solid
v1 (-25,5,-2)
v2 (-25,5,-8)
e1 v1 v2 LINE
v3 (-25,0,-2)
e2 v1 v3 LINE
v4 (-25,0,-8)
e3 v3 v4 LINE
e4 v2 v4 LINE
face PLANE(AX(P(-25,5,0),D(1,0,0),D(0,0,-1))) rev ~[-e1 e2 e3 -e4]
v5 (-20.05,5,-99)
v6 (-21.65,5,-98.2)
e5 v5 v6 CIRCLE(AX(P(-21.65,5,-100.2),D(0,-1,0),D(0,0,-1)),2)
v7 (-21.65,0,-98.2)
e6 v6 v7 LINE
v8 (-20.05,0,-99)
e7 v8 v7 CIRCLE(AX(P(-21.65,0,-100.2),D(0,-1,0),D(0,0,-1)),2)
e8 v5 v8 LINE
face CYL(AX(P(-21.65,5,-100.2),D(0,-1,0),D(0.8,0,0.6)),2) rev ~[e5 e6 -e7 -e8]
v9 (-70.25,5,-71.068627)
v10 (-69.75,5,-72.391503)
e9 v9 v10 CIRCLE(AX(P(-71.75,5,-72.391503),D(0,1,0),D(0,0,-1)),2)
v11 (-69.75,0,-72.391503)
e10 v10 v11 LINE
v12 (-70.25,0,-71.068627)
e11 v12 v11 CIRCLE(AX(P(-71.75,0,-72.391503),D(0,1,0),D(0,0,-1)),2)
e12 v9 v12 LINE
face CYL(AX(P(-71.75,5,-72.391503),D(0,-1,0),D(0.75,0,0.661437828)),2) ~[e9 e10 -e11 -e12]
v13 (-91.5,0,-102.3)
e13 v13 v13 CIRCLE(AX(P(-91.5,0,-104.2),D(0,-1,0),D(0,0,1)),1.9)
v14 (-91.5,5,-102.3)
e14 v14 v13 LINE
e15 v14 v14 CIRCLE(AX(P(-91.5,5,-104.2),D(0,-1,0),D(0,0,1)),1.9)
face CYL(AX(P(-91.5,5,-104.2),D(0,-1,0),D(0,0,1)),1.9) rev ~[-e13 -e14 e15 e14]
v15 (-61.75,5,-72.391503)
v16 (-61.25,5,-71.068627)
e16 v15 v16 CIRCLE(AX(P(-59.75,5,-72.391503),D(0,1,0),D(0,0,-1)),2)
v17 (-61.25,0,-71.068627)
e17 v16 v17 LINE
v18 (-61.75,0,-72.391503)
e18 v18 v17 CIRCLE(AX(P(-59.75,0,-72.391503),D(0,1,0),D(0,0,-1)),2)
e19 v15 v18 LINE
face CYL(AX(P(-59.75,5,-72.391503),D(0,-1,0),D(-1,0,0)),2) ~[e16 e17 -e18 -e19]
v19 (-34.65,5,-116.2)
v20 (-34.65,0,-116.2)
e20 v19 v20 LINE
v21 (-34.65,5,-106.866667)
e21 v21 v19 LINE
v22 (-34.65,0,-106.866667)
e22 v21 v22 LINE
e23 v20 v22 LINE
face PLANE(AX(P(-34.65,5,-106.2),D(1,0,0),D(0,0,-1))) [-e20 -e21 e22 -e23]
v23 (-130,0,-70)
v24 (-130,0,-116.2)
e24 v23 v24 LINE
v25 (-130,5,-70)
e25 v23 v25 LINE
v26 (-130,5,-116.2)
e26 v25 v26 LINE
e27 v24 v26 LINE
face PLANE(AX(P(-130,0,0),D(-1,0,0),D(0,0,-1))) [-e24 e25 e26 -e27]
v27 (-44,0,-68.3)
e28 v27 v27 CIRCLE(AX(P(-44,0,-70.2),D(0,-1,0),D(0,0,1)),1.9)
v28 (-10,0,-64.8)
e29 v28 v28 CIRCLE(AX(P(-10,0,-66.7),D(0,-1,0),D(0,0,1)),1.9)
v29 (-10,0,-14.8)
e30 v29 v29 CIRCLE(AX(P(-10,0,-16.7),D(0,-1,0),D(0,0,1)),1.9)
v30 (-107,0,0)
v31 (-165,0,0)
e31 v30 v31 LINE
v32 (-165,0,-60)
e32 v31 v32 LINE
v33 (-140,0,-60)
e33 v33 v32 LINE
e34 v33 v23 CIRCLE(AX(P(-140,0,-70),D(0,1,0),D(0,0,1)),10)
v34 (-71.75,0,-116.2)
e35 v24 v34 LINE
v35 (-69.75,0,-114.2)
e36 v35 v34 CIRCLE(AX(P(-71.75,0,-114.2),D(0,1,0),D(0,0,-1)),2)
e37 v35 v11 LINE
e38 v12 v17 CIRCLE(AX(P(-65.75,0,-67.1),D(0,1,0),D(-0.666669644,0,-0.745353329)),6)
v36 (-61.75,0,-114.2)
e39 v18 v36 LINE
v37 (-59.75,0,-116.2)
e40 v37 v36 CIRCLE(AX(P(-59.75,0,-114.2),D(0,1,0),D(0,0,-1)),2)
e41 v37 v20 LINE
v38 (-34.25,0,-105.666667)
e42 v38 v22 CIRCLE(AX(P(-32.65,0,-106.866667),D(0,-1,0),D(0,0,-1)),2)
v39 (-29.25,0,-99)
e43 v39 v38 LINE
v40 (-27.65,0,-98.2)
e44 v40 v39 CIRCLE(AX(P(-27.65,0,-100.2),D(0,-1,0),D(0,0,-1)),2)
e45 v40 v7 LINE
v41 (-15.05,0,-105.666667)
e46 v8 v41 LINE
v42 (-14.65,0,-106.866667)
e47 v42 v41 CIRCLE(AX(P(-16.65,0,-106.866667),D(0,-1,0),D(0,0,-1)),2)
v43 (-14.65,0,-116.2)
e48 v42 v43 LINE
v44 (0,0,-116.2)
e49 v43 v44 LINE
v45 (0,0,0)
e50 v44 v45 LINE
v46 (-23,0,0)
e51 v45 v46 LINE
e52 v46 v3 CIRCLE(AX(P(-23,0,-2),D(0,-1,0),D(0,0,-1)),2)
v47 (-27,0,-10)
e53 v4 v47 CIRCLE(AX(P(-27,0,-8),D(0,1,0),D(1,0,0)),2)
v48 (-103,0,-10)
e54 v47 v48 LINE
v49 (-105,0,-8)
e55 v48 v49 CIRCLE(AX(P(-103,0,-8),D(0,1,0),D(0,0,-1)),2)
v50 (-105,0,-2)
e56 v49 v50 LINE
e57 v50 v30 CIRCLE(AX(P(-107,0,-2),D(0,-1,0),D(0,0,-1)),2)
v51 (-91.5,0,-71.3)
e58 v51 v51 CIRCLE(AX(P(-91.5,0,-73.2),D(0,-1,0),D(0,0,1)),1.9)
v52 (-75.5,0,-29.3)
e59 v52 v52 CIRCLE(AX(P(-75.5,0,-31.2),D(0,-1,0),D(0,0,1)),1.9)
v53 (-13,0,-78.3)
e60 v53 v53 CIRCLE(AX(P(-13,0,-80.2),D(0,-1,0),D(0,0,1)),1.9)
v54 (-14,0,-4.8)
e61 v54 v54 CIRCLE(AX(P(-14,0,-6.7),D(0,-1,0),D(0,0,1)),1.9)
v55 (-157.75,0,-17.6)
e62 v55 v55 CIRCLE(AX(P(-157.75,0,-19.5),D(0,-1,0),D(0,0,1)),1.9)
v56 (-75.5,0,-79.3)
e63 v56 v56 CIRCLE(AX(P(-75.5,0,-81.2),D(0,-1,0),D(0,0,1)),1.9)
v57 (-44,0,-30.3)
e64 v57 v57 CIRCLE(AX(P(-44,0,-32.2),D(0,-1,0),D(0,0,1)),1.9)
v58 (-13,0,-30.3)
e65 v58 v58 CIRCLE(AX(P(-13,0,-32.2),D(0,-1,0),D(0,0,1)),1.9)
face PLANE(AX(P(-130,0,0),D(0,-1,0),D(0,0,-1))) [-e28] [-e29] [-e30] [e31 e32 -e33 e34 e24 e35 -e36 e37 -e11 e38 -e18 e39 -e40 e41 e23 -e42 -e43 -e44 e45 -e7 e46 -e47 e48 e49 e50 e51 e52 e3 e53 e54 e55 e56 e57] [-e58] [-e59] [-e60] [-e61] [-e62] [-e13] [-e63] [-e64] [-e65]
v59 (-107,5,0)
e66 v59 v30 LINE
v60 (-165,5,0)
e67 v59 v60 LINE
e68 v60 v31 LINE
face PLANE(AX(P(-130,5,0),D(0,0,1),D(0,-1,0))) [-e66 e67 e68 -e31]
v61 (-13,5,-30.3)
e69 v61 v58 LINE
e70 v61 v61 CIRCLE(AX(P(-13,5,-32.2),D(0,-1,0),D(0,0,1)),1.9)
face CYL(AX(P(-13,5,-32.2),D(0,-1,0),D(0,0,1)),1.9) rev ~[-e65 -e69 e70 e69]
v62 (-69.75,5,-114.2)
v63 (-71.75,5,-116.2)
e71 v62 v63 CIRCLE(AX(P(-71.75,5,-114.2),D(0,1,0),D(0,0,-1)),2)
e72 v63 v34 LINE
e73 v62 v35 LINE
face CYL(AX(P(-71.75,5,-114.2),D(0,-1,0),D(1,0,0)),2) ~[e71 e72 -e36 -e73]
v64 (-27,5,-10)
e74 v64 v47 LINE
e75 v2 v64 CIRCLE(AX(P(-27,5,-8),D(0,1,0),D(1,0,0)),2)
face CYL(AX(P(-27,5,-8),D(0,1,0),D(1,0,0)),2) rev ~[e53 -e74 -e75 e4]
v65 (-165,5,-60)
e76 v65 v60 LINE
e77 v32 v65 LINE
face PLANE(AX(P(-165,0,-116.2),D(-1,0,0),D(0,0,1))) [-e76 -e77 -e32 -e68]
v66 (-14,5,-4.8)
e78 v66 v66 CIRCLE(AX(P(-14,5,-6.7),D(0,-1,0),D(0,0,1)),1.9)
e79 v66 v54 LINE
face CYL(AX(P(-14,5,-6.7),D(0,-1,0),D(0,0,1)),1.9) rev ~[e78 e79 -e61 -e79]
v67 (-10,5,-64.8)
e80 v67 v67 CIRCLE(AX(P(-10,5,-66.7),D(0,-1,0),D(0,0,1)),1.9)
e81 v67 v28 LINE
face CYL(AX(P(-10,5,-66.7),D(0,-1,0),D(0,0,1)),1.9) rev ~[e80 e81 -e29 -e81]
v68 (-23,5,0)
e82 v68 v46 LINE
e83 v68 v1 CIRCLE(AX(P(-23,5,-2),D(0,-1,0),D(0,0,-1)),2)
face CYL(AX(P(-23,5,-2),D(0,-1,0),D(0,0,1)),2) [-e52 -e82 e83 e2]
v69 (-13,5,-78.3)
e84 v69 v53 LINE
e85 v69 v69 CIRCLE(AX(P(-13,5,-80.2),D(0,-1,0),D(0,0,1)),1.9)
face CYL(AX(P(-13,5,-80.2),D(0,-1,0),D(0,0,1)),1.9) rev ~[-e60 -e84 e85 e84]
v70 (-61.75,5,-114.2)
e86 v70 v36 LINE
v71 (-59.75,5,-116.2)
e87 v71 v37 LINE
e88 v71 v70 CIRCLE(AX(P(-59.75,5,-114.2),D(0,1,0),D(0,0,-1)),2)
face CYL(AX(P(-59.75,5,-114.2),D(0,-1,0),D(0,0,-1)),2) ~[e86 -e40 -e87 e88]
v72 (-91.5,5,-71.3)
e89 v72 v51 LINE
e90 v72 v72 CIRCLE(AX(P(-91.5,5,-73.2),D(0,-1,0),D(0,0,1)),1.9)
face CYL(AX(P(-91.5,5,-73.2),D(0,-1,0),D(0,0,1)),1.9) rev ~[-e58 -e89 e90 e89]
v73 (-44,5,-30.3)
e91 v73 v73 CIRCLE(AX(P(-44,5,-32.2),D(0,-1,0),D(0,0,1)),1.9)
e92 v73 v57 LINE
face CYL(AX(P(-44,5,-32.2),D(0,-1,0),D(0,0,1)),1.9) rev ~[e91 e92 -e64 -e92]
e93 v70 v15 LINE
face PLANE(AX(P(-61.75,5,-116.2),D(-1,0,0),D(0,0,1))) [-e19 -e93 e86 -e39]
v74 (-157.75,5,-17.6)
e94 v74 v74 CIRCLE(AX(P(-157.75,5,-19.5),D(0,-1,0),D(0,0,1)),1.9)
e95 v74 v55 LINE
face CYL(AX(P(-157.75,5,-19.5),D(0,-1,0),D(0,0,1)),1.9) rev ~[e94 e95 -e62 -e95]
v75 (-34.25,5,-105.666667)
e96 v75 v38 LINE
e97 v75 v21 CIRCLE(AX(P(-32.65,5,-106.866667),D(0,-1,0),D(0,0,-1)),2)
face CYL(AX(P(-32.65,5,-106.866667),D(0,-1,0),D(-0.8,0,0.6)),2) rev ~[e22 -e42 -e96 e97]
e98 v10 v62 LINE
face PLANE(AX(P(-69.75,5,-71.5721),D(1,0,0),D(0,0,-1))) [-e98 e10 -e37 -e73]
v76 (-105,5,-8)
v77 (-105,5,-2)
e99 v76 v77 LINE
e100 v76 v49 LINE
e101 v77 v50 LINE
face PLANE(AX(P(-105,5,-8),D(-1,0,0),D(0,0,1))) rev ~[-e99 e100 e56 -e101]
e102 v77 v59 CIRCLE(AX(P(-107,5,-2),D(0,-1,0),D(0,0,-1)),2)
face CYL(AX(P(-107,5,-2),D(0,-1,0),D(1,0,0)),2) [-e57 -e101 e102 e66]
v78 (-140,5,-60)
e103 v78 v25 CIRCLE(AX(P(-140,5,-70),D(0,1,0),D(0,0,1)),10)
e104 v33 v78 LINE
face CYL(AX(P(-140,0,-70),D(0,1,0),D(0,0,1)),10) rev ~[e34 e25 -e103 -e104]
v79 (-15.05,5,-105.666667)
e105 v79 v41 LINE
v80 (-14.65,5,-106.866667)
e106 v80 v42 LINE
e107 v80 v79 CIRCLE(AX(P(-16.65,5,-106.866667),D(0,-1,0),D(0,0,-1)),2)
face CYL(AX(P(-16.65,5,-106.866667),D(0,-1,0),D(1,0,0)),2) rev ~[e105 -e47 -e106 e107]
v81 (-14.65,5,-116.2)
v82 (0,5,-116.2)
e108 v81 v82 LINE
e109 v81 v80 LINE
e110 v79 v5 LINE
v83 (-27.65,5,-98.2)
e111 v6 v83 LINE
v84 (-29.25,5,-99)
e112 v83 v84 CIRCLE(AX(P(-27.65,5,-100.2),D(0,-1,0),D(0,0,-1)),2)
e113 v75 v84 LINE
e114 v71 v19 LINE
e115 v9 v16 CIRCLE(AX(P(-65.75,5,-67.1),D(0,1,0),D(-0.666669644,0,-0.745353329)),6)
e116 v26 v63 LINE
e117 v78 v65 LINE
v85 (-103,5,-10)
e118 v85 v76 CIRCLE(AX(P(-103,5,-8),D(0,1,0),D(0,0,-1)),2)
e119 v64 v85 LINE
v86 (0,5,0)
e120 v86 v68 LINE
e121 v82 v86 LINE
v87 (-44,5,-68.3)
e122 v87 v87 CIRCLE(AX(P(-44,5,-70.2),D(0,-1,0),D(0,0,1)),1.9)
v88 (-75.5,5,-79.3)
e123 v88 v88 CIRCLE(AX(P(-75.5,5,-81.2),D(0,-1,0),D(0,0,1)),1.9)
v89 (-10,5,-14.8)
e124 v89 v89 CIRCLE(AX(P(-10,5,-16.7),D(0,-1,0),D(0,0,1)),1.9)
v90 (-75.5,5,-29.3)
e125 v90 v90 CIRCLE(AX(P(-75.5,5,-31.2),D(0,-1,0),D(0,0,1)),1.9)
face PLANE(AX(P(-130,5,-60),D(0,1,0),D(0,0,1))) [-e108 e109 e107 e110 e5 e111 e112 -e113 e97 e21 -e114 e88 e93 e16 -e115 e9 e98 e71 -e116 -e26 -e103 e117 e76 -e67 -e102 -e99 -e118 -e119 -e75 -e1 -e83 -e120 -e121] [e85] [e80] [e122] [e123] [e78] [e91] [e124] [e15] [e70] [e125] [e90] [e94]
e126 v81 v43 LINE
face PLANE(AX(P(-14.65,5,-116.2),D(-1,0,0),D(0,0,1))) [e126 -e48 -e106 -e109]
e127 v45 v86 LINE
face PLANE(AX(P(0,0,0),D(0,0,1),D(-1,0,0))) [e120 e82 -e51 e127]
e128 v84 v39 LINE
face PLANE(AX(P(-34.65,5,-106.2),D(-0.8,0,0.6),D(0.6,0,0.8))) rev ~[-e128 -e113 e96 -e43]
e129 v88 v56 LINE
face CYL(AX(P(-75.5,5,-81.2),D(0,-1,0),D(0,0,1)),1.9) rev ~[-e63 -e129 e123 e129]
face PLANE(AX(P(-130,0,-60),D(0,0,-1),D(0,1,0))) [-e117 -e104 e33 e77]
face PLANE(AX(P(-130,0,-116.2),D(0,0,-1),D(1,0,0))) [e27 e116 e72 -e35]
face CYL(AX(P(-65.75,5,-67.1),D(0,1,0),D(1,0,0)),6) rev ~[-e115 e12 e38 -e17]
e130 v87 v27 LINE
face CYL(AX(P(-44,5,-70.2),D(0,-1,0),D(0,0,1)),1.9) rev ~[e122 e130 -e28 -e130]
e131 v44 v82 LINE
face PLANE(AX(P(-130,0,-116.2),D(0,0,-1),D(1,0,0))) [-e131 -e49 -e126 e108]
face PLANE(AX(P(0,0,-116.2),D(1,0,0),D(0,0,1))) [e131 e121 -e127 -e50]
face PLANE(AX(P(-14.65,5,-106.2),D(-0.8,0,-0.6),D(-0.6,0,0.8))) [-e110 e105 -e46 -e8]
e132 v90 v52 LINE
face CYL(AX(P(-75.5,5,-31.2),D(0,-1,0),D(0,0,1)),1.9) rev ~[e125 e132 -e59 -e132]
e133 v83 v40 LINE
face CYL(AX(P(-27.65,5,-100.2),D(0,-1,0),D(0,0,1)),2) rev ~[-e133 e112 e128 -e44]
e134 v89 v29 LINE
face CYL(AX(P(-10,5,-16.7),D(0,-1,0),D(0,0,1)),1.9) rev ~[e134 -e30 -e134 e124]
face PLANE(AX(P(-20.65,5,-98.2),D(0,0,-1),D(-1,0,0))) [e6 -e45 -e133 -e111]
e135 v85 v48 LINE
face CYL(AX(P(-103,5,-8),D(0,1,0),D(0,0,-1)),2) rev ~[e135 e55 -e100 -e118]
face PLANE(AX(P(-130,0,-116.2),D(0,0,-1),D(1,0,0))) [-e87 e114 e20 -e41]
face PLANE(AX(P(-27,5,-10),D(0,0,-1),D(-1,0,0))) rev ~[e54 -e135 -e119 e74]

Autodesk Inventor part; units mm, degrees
ref_plane "YZ Plane" through (0, 0, 0) normal (1, 0, 0) x (0, 1, 0)
ref_plane "XZ Plane" through (0, 0, 0) normal (0, 1, 0) x (-1, 0, 0)
ref_plane "XY Plane" through (0, 0, 0) normal (0, 0, 1) x (1, 0, 0)
sketch "Sketch1" plane through (0, 0, 0) normal (0, 1, 0) x (-1, 0, 0)
  line L0 (0, 0) -> (130, 0)
  line L1 (130, 0) -> (130, -116.2)
  line L2 (130, -116.2) -> (0, -116.2)
  line L3 (0, -116.2) -> (0, 0)
  dimension "d0" = 130
  dimension "d1" = 116.2
extrude "Extrusion1" add sketch "Sketch1" along normal blind 5
sketch "Sketch2" plane through (0, 5, 0) normal (0, 1, 0) x (1, 0, 0)
  line L0 (-10, -25.3077) -> (-10, 177.8334) construction
  line L1 (0, 0) -> (0, 116.2) construction
  line L2 (-130, 0) -> (0, 0) construction
  line L3 (-47, -19.5328) -> (-47, 162.8865) construction
  line L4 (0, 116.2) -> (-130, 116.2) construction
  point P0 (-10, 16.7)
  point P1 (-10, 66.7)
  point P2 (-47, 111.7)
  point P3 (-47, 43.95)
  point P4 (-47, 17.95)
  dimension "d4" = 10
  dimension "d5" = 16.7
  dimension "d6" = 50
  dimension "d7" = 47
  dimension "d8" = 4.5
  dimension "d9" = 72.25
  dimension "d10" = 98.25
hole "Hole1" at (-10, 5, -16.7) at (-10, 5, -66.7) direction (0, -1, 0) diameter 3.8 end through all
sketch "Sketch3" plane through (0, 5, 0) normal (0, 1, 0) x (1, 0, 0)
  line L0 (-105, 0) -> (-25, 0)
  line L1 (-25, 0) -> (-25, 8)
  line L2 (-27, 10) -> (-103, 10)
  line L3 (-105, 8) -> (-105, 0)
  line L4 (-130, 116.2) -> (-130, 0) projected
  line L5 (0, 0) -> (0, 116.2) projected
  arc A0 (-103, 10) -> (-105, 8) centre (-103, 8) ccw
  arc A1 (-25, 8) -> (-27, 10) centre (-27, 8) ccw
  dimension "d18" = 10
  dimension "d19" = 25
  dimension "d20" = 25
  dimension "d21" = 2
extrude "Extrusion2" cut sketch "Sketch3" against normal blind 5
fillet "Fillet1" radius 2 2 edges at (-105, 2.5, 0) (-25, 2.5, 0)
sketch "Sketch4" plane through (0, 5, 0) normal (0, 1, 0) x (1, 0, 0)
  circle A0 centre (-65.75, 67.1) radius 6
  line L0 (0, 0) -> (0, 116.2) projected
  line L1 (-23, 0) -> (0, 0) projected
  dimension "d25" = 12
  dimension "d26" = 65.75
  dimension "d27" = 67.1
extrude "Extrusion3" cut sketch "Sketch4" against normal blind 5
sketch "Sketch5" plane through (0, 5, 0) normal (0, 1, 0) x (1, 0, 0)
  line L0 (-91.5, 130.6682) -> (-91.5, -27.2079) construction
  line L1 (0, 0) -> (0, 116.2) construction
  line L2 (0, 116.2) -> (-130, 116.2) construction
  point P0 (-91.5, 104.2)
  point P1 (-91.5, 73.2)
  dimension "d30" = 91.5
  dimension "d31" = 12
  dimension "d32" = 43
hole "Hole2" at (-91.5, 5, -104.2) at (-91.5, 5, -73.2) direction (0, -1, 0) diameter 3.8 end through all
sketch "Sketch6" plane through (0, 5, 0) normal (0, 1, 0) x (1, 0, 0)
  line L0 (-13, 148.9997) -> (-13, -38.8385) construction
  line L1 (0, 0) -> (0, 116.2) projected
  line L2 (0, 116.2) -> (-130, 116.2) projected
  line L3 (-44, 144.1508) -> (-44, -38.8385) construction
  line L4 (-14, 12.9628) -> (-14, -11.5017) construction
  line L5 (-23, 0) -> (0, 0) construction
  point P0 (-13, 80.2)
  point P1 (-13, 32.2)
  point P2 (-44, 70.2)
  point P3 (-44, 32.2)
  point P4 (-14, 6.7)
  dimension "d40" = 13
  dimension "d41" = 36
  dimension "d42" = 84
  dimension "d50" = 44
  dimension "d51" = 46
  dimension "d52" = 84
  dimension "d53" = 14
  dimension "d54" = 6.7
hole "Hole3" at (-13, 5, -80.2) at (-13, 5, -32.2) at (-44, 5, -32.2) at (-44, 5, -70.2) at (-14, 5, -6.7) direction (0, -1, 0) diameter 3.8 end through all
sketch "Sketch7" plane through (-130, 0, -116.2) normal (-1, 0, 0) x (0, 0, 1)
  line L0 (116.2, 0) -> (56.2, 0)
  line L1 (56.2, 0) -> (56.2, 5)
  line L2 (56.2, 5) -> (116.2, 5)
  line L3 (116.2, 5) -> (116.2, 0)
  dimension "d55" = 60
  dimension "d56" = 5
extrude "Extrusion4" add sketch "Sketch7" along normal blind 35
fillet "Fillet2" radius 10 1 edges at (-130, 2.5, -60)
sketch "Sketch8" plane through (0, 5, 0) normal (0, 1, 0) x (1, 0, 0)
  line L0 (-107, 0) -> (-165, 0) projected
  line L1 (-165, 0) -> (-165, 60) projected
  point P0 (0, 0)
  point P1 (-157.75, 19.5)
  dimension "d60" = 19.5
  dimension "d61" = 7.25
hole "Hole4" at (-157.75, 5, -19.5) direction (0, -1, 0) diameter 3.8 end through all
sketch "Sketch9" plane through (0, 5, 0) normal (0, 1, 0) x (1, 0, 0)
  line L0 (-24.65, 135.1246) -> (-24.65, 98.3323) construction
  line L1 (0, 0) -> (0, 116.2) projected
  line L2 (-34.65, 134.2) -> (-14.65, 134.2)
  line L3 (-14.65, 134.2) -> (-14.65, 98.2)
  line L4 (-14.65, 98.2) -> (-34.65, 98.2)
  line L5 (-34.65, 98.2) -> (-34.65, 134.2)
  line L6 (0, 116.2) -> (-130, 116.2) projected
  line L7 (-34.65, 134.2) -> (-14.65, 98.2) construction
  line L8 (-14.65, 134.2) -> (-34.65, 98.2) construction
  line L9 (-14.65, 106.2) -> (-20.65, 98.2)
  line L10 (-34.65, 106.2) -> (-28.65, 98.2)
  line L11 (-34.65, 116.2) -> (-14.65, 116.2)
  point P0 (-24.65, 116.2)
  dimension "d69" = 24.65
  dimension "d70" = 20
  dimension "d71" = 36
  dimension "d72" = 10
  dimension "d73" = 8
extrude "Extrusion5" cut sketch "Sketch9" against normal through all contours L6 L3 L9 L4 L10 L5
fillet "Fillet3" radius 2 4 edges at (-34.65, 2.5, -106.2) (-28.65, 2.5, -98.2) (-20.65, 2.5, -98.2) (-14.65, 2.5, -106.2)
sketch "Sketch10" plane through (0, 5, 0) normal (0, 1, 0) x (1, 0, 0)
  line L0 (-34.65, 106.8667) -> (-34.65, 116.2) projected
  line L1 (-34.65, 116.2) -> (-130, 116.2) projected
  line L2 (-130, 116.2) -> (-130, 70) projected
  arc A0 (-140, 60) -> (-130, 70) centre (-140, 70) ccw projected
  line L3 (-140, 60) -> (-165, 60) projected
  line L4 (-165, 0) -> (-165, 60) projected
  line L5 (-107, 0) -> (-165, 0) projected
  arc A1 (-107, 0) -> (-105, 2) centre (-107, 2) ccw projected
  line L6 (-105, 2) -> (-105, 8) projected
  arc A2 (-103, 10) -> (-105, 8) centre (-103, 8) ccw projected
  line L7 (-103, 10) -> (-27, 10) projected
  arc A3 (-25, 8) -> (-27, 10) centre (-27, 8) ccw projected
  line L8 (-25, 8) -> (-25, 2) projected
  arc A4 (-25, 2) -> (-23, 0) centre (-23, 2) ccw projected
  line L9 (-23, 0) -> (0, 0) projected
  line L10 (0, 0) -> (0, 116.2) projected
  line L11 (0, 116.2) -> (-14.65, 116.2) projected
  line L12 (-14.65, 116.2) -> (-14.65, 106.8667) projected
  arc A5 (-15.05, 105.6667) -> (-14.65, 106.8667) centre (-16.65, 106.8667) ccw projected
  line L13 (-15.05, 105.6667) -> (-20.05, 99) projected
  arc A6 (-21.65, 98.2) -> (-20.05, 99) centre (-21.65, 100.2) ccw projected
  line L14 (-21.65, 98.2) -> (-27.65, 98.2) projected
  arc A7 (-29.25, 99) -> (-27.65, 98.2) centre (-27.65, 100.2) ccw projected
  line L15 (-29.25, 99) -> (-34.25, 105.6667) projected
  arc A8 (-34.65, 106.8667) -> (-34.25, 105.6667) centre (-32.65, 106.8667) ccw projected
  circle A9 centre (-157.75, 19.5) radius 1.9 projected
  circle A10 centre (-44, 70.2) radius 1.9 projected
  circle A11 centre (-13, 32.2) radius 1.9 projected
  circle A12 centre (-13, 80.2) radius 1.9 projected
  circle A13 centre (-44, 32.2) radius 1.9 projected
  circle A14 centre (-14, 6.7) radius 1.9 projected
  circle A15 centre (-91.5, 104.2) radius 1.9 projected
  circle A16 centre (-91.5, 73.2) radius 1.9 projected
  circle A17 centre (-65.75, 67.1) radius 6 projected
  circle A18 centre (-10, 16.7) radius 1.9 projected
  circle A19 centre (-10, 66.7) radius 1.9 projected
  line L16 (-65.75, 187.4389) -> (-65.75, -19.4667) construction
  line L17 (-34.65, 116.2) -> (-130, 116.2) projected
  circle A20 centre (-65.75, 67.1) radius 6 projected
  line L18 (-69.75, 116.2) -> (-61.75, 116.2)
  line L19 (-61.75, 116.2) -> (-61.75, 71.5721)
  line L20 (-61.75, 71.5721) -> (-69.75, 71.5721)
  line L21 (-69.75, 71.5721) -> (-69.75, 116.2)
  dimension "d77" = 8
extrude "Extrusion6" cut sketch "Sketch10" against normal through all contours L19 A17 L21 L1
fillet "Fillet4" radius 2 4 edges at (-69.75, 2.5, -116.2) (-61.75, 2.5, -116.2) (-69.75, 2.5, -71.5721) (-61.75, 2.5, -71.5721)
sketch "Sketch11" plane through (0, 5, 0) normal (0, 1, 0) x (1, 0, 0)
  line L0 (-75.5, 139.1066) -> (-75.5, -104.8745) construction
  line L1 (0, 0) -> (0, 116.2) construction
  line L2 (-71.75, 116.2) -> (-130, 116.2) construction
  point P0 (-75.5, 31.2)
  point P1 (-75.5, 81.2)
  dimension "d81" = 75.5
  dimension "d82" = 35
  dimension "d83" = 85
hole "Hole5" at (-75.5, 5, -31.2) at (-75.5, 5, -81.2) direction (0, -1, 0) diameter 3.8 end through all
properties part number "Bottle side plate"
